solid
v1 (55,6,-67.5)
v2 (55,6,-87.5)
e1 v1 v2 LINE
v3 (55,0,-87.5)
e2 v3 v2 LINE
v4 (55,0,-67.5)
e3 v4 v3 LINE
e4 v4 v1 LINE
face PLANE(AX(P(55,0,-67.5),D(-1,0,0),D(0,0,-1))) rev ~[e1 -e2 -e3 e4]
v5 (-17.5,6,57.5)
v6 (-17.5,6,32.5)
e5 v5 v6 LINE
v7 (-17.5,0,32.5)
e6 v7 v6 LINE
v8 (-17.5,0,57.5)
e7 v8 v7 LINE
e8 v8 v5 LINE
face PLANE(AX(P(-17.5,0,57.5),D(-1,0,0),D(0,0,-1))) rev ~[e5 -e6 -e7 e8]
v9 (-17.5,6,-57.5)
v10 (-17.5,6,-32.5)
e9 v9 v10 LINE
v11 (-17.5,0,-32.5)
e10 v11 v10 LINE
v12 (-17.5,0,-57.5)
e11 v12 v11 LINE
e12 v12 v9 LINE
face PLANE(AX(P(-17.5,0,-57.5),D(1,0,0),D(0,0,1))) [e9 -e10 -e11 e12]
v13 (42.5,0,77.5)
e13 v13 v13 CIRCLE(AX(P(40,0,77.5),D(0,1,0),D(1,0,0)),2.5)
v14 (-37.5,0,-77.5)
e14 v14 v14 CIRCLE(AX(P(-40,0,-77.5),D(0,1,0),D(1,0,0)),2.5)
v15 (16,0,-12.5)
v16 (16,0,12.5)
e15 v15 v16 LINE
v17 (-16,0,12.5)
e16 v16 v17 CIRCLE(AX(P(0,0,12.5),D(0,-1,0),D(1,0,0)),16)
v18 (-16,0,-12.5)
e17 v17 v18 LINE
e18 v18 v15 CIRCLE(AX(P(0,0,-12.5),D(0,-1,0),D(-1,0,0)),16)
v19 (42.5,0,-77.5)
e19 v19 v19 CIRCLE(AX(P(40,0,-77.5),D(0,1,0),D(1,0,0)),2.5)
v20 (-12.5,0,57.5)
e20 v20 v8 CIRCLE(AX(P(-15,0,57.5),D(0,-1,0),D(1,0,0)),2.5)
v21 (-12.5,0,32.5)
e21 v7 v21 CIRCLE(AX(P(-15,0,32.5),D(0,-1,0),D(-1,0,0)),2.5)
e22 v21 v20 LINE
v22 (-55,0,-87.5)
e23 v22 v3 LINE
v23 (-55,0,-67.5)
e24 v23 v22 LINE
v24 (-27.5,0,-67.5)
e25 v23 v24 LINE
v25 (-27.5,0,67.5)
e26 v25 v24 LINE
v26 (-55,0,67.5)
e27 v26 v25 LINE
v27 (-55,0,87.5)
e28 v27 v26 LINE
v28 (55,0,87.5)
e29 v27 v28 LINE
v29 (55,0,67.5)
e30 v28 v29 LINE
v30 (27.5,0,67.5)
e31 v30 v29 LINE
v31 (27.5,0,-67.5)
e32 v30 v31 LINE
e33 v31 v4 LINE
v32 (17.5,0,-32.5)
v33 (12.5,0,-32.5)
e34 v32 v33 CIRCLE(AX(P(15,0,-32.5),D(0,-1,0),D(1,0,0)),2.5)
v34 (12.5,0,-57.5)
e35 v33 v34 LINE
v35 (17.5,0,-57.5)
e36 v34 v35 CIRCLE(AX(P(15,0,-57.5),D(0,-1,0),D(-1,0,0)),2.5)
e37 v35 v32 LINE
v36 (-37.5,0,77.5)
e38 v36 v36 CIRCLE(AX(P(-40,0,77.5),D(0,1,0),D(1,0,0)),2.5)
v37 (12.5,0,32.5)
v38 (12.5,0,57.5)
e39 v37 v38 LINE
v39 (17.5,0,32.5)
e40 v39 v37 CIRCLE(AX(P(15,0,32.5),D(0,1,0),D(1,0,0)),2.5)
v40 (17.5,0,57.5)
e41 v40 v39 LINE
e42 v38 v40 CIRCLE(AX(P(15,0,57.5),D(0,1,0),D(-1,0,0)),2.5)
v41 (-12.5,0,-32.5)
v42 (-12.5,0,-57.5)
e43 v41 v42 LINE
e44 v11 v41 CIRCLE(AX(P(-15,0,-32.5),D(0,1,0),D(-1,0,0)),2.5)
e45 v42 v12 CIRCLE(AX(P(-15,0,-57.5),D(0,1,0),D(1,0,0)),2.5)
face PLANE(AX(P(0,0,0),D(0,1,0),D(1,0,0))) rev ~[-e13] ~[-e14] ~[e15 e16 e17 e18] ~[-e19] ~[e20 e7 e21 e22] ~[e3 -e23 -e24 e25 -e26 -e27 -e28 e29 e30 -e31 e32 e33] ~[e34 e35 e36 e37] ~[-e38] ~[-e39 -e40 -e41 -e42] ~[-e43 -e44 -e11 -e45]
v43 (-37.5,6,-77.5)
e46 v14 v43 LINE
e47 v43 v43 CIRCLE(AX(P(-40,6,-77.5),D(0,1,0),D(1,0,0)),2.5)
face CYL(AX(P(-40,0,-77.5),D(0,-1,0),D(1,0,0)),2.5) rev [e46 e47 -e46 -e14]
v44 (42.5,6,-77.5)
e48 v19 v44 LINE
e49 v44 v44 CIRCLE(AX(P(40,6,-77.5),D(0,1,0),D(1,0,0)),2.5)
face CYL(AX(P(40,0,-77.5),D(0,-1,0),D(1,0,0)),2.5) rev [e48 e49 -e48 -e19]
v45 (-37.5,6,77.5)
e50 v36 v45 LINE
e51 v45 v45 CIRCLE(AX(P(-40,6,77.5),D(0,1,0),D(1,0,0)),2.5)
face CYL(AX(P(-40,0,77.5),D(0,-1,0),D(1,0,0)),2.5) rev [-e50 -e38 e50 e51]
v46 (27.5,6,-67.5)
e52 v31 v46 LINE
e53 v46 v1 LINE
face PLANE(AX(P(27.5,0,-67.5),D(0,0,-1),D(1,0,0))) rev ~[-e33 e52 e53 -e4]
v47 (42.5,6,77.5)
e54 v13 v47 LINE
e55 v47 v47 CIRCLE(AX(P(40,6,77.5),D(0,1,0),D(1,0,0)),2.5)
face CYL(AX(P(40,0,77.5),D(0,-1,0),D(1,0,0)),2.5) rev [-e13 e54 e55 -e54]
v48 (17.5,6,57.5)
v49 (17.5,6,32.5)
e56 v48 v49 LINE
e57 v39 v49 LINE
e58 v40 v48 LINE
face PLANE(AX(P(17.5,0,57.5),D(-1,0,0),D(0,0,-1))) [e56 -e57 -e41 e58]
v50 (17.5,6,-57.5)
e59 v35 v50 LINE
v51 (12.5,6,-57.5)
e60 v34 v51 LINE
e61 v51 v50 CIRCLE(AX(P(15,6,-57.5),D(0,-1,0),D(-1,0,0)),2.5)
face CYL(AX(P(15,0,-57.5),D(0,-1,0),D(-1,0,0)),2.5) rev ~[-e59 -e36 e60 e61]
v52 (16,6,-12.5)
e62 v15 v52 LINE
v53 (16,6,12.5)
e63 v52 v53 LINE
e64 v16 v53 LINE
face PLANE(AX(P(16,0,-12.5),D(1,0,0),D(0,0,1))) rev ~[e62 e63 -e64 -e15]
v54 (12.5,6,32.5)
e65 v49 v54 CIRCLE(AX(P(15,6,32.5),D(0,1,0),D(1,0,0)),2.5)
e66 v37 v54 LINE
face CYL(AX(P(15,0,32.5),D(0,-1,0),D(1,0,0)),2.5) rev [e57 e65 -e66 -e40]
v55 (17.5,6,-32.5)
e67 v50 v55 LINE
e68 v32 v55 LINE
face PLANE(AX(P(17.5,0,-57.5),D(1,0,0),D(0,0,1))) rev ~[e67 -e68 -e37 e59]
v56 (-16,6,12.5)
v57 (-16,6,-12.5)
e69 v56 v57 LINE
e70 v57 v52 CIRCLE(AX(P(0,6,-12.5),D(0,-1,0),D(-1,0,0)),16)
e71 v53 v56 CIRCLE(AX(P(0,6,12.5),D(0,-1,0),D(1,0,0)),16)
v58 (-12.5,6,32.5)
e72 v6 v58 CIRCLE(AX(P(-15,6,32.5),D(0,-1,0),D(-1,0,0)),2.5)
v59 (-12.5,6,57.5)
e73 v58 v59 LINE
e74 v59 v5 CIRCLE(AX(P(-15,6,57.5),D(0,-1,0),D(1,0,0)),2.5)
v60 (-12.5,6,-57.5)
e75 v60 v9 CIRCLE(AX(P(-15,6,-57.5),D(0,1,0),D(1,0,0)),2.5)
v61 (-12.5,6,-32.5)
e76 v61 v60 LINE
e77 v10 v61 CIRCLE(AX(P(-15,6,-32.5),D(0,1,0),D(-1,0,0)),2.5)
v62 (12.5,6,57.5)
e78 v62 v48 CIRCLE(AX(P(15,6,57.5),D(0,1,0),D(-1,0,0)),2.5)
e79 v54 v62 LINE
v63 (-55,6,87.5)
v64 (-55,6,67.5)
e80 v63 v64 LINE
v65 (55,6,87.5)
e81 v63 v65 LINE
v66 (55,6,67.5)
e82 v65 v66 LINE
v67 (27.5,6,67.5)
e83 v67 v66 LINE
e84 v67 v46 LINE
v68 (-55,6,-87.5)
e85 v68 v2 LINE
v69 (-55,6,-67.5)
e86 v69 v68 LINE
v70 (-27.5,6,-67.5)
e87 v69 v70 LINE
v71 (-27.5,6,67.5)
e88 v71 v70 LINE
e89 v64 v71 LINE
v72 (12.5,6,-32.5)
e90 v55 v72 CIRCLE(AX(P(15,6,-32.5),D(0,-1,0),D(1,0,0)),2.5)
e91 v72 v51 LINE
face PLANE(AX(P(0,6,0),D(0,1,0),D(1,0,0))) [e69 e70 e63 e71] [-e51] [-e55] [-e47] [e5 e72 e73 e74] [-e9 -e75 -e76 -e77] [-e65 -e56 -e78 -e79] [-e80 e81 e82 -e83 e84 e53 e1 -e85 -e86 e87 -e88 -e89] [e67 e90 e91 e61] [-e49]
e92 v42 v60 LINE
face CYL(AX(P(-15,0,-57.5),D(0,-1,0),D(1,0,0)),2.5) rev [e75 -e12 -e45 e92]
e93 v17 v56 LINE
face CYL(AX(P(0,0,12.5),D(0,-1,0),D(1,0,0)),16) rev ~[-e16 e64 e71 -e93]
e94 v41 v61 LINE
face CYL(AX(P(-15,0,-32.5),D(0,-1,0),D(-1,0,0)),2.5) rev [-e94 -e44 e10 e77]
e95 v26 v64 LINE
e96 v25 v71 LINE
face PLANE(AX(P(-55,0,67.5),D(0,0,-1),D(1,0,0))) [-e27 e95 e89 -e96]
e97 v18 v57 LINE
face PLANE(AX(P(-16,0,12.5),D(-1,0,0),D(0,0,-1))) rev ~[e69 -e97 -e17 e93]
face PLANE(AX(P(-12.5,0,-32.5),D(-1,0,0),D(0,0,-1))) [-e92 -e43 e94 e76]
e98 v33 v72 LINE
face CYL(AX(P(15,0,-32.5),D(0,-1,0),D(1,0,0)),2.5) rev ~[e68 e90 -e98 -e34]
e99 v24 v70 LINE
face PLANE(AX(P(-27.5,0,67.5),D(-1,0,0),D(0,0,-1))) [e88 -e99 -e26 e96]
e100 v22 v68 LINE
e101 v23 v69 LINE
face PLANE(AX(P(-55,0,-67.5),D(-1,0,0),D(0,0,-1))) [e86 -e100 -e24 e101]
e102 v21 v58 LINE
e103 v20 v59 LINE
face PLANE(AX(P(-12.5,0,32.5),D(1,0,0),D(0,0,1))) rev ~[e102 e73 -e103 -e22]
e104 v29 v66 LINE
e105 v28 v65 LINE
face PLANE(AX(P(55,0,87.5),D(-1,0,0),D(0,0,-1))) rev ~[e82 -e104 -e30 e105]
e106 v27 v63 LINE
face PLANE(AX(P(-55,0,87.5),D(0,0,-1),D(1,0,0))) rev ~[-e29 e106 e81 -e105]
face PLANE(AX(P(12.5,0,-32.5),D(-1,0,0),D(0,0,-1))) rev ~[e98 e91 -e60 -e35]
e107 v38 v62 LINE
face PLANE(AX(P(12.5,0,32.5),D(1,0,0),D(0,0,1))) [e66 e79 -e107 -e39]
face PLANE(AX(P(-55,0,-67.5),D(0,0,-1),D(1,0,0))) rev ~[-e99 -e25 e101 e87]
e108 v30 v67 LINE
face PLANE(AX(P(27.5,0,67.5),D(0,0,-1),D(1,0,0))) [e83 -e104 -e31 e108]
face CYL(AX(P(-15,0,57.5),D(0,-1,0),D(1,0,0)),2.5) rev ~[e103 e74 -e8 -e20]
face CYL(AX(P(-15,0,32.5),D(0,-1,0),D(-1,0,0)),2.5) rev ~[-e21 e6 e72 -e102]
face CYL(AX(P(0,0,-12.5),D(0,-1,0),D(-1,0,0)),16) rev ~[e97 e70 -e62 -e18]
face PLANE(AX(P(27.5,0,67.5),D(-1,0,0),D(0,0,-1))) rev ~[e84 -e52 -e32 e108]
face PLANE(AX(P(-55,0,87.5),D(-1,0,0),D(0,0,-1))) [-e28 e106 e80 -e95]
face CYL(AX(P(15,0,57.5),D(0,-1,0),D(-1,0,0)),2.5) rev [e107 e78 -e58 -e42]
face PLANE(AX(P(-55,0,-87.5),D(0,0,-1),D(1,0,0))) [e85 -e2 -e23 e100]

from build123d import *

# Parameters (mm, degrees)
SKETCH1_W           = 55
SKETCH1_H           = 135
SKETCH1_W_2         = 110
SKETCH1_H_2         = 20
SKETCH1_R           = 2.5
BOSS_EXTRUDE1_DEPTH = 6


with BuildPart() as part:
    # Sketch1 → Boss-Extrude1 (new body)
    with BuildSketch(Plane(origin=(0, 0, 0), x_dir=(1, 0, 0), z_dir=(0, 1, 0))):
        Rectangle(SKETCH1_W, SKETCH1_H)
        with BuildLine():
            Line((-16, -12.5), (-16, 12.5))
            ThreePointArc((-16, 12.5), (0, 28.5), (16, 12.5))
            Line((16, 12.5), (16, -12.5))
            ThreePointArc((16, -12.5), (0, -28.5), (-16, -12.5))
        make_face(mode=Mode.SUBTRACT)
        with BuildLine():
            Line((-12.5, -32.5), (-12.5, -57.5))
            ThreePointArc((-12.5, -57.5), (-15, -60), (-17.5, -57.5))
            Line((-17.5, -57.5), (-17.5, -32.5))
            ThreePointArc((-17.5, -32.5), (-15, -30), (-12.5, -32.5))
        make_face(mode=Mode.SUBTRACT)
        with BuildLine():
            Line((-12.5, 32.5), (-12.5, 57.5))
            ThreePointArc((-12.5, 57.5), (-15, 60), (-17.5, 57.5))
            Line((-17.5, 57.5), (-17.5, 32.5))
            ThreePointArc((-17.5, 32.5), (-15, 30), (-12.5, 32.5))
        make_face(mode=Mode.SUBTRACT)
        with BuildLine():
            Line((12.5, -32.5), (12.5, -57.5))
            ThreePointArc((12.5, -57.5), (15, -60), (17.5, -57.5))
            Line((17.5, -57.5), (17.5, -32.5))
            ThreePointArc((17.5, -32.5), (15, -30), (12.5, -32.5))
        make_face(mode=Mode.SUBTRACT)
        with BuildLine():
            Line((12.5, 32.5), (12.5, 57.5))
            ThreePointArc((12.5, 57.5), (15, 60), (17.5, 57.5))
            Line((17.5, 57.5), (17.5, 32.5))
            ThreePointArc((17.5, 32.5), (15, 30), (12.5, 32.5))
        make_face(mode=Mode.SUBTRACT)
        with Locations((0, -77.5)):
            Rectangle(SKETCH1_W_2, SKETCH1_H_2)
        with Locations((-40, -77.5)):
            Circle(SKETCH1_R, mode=Mode.SUBTRACT)
        with Locations((40, -77.5)):
            Circle(SKETCH1_R, mode=Mode.SUBTRACT)
        with Locations((0, 77.5)):
            Rectangle(SKETCH1_W_2, SKETCH1_H_2)
        with Locations((40, 77.5)):
            Circle(SKETCH1_R, mode=Mode.SUBTRACT)
        with Locations((-40, 77.5)):
            Circle(SKETCH1_R, mode=Mode.SUBTRACT)
    extrude(amount=BOSS_EXTRUDE1_DEPTH)


solid = part.part
